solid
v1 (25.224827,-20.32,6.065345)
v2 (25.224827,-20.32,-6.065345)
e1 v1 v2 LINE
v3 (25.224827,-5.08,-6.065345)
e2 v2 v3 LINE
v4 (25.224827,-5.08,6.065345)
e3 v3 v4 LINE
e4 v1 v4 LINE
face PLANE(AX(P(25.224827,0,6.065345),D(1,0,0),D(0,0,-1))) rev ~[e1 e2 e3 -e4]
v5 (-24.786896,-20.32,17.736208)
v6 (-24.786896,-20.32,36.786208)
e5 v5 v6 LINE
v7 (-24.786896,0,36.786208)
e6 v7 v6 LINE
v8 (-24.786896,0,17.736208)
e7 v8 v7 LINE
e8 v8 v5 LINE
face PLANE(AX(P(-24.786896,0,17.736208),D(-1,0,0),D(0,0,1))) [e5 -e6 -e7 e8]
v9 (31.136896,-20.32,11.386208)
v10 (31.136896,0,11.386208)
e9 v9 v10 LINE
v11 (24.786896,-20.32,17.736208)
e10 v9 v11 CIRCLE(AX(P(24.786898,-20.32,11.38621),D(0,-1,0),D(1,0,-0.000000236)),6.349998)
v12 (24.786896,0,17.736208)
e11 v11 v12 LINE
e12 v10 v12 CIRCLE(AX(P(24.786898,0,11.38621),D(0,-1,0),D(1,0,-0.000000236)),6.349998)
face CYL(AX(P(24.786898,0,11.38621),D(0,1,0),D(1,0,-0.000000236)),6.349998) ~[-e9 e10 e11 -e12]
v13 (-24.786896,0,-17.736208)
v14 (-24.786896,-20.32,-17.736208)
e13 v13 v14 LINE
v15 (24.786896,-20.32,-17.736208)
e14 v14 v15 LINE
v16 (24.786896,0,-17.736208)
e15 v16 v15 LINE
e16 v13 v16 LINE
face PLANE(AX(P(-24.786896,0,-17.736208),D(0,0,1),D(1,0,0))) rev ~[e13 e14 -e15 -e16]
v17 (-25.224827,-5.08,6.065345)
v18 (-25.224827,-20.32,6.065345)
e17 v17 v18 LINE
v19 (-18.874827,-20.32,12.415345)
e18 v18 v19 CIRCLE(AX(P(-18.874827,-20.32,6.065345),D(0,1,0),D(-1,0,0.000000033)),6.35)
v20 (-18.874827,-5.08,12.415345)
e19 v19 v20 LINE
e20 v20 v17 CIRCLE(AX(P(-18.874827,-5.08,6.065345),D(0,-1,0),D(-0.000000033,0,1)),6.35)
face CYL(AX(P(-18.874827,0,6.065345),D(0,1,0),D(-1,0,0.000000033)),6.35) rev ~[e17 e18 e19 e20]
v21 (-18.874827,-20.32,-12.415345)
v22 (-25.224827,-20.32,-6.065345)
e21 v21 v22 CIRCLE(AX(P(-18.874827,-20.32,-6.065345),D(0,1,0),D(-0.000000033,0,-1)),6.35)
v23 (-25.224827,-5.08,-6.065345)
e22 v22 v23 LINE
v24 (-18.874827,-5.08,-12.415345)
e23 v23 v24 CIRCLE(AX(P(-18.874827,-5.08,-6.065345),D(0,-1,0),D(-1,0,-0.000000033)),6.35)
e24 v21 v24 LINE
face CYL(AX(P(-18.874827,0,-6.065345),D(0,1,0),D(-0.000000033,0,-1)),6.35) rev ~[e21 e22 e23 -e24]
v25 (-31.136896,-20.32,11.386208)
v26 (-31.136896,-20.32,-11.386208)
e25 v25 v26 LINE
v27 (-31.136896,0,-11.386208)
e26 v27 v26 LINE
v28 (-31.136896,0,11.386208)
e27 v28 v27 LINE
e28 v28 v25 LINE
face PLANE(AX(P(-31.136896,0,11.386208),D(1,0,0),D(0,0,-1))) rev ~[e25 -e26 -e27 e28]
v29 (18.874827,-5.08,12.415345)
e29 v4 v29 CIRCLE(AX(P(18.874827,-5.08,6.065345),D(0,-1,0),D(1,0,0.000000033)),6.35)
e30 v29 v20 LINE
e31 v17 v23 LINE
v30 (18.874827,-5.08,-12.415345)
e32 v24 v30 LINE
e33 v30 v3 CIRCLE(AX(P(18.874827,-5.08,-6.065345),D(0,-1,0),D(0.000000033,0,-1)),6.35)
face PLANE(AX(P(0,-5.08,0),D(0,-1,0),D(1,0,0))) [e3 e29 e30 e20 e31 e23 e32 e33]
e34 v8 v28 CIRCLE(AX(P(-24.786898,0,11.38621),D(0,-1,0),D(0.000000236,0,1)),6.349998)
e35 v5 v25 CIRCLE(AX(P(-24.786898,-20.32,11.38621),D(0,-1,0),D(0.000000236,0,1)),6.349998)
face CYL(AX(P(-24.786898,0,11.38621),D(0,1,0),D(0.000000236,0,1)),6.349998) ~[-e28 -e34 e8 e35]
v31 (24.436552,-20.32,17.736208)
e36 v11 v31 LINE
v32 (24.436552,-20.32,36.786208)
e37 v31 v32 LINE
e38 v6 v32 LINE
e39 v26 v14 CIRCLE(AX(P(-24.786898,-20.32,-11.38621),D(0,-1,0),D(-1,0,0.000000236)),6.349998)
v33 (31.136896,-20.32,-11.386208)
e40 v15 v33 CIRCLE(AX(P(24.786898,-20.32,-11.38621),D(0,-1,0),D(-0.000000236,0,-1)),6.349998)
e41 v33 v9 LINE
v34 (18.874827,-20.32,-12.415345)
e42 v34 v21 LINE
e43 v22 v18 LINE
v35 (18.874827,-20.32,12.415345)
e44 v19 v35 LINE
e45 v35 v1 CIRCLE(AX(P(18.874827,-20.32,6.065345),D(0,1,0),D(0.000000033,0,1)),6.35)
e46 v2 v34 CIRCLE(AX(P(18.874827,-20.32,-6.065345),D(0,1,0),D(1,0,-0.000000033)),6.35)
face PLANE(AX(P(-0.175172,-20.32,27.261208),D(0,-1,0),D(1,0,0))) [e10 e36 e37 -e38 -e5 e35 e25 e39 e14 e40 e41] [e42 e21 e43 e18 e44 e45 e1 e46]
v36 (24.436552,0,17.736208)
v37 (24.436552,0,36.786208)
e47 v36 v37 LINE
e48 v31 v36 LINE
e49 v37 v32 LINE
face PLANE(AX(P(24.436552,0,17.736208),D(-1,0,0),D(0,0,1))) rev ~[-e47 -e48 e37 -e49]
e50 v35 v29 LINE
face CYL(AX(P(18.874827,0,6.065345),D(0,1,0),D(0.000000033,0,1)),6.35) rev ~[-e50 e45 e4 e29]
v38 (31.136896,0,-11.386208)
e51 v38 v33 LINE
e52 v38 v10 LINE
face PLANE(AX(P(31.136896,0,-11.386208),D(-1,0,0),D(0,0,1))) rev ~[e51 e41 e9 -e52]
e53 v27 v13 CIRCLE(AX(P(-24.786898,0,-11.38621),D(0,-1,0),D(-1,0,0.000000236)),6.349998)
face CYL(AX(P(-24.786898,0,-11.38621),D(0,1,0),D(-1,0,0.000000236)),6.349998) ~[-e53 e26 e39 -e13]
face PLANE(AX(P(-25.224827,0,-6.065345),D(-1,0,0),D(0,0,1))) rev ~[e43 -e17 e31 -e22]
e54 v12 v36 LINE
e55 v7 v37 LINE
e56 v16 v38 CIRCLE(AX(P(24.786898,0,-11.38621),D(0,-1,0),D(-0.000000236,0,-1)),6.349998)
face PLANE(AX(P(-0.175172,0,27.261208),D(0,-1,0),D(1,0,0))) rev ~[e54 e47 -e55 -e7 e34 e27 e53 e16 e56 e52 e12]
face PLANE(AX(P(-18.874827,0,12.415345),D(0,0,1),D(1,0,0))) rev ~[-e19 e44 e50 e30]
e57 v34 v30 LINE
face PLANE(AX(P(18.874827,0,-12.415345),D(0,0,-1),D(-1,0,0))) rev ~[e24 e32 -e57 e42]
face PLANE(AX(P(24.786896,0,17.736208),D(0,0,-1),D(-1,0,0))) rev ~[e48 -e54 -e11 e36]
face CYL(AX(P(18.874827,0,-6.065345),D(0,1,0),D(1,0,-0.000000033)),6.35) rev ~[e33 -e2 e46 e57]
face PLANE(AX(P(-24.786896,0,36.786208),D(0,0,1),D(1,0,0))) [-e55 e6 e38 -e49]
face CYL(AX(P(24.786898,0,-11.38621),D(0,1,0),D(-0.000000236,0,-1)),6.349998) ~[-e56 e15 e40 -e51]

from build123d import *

# Parameters (mm, degrees)
F1_DEPTH = 19.05
F2_DEPTH = 5.08
F0_W     = 49.223448
F0_H     = 19.05
F3_DEPTH = 20.32


with BuildPart() as f1:
    # F0 (on Front) → F1 (new body)
    with BuildSketch(Plane.XZ):
        with BuildLine():
            Line((24.436552, 17.736208), (-24.786896, 17.736208))
            ThreePointArc((-24.786896, 17.736208), (-29.277025, 15.876336), (-31.136896, 11.386208))
            Line((-31.136896, 11.386208), (-31.136896, -11.386208))
            ThreePointArc((-31.136896, -11.386208), (-29.277025, -15.876336), (-24.786896, -17.736208))
            Line((-24.786896, -17.736208), (24.786896, -17.736208))
            ThreePointArc((24.786896, -17.736208), (29.277025, -15.876336), (31.136896, -11.386208))
            Line((31.136896, -11.386208), (31.136896, 11.386208))
            ThreePointArc((31.136896, 11.386208), (29.277025, 15.876336), (24.786896, 17.736208))
            Line((24.786896, 17.736208), (24.436552, 17.736208))
        make_face()
        with BuildLine():
            ThreePointArc((-25.224827, 6.065345), (-23.364955, 10.555473), (-18.874827, 12.415345))
            Line((-18.874827, 12.415345), (18.874827, 12.415345))
            ThreePointArc((18.874827, 12.415345), (23.364955, 10.555473), (25.224827, 6.065345))
            Line((25.224827, 6.065345), (25.224827, -6.065345))
            ThreePointArc((25.224827, -6.065345), (23.364955, -10.555473), (18.874827, -12.415345))
            Line((18.874827, -12.415345), (-18.874827, -12.415345))
            ThreePointArc((-18.874827, -12.415345), (-23.364955, -10.555473), (-25.224827, -6.065345))
            Line((-25.224827, -6.065345), (-25.224827, 6.065345))
        make_face(mode=Mode.SUBTRACT)
    extrude(amount=F1_DEPTH)

    # F0 (on Front) → F2 (join)
    with BuildSketch(Plane.XZ):
        with BuildLine():
            Line((18.874827, 12.415345), (-18.874827, 12.415345))
            ThreePointArc((-18.874827, 12.415345), (-23.364955, 10.555473), (-25.224827, 6.065345))
            Line((-25.224827, 6.065345), (-25.224827, -6.065345))
            ThreePointArc((-25.224827, -6.065345), (-23.364955, -10.555473), (-18.874827, -12.415345))
            Line((-18.874827, -12.415345), (18.874827, -12.415345))
            ThreePointArc((18.874827, -12.415345), (23.364955, -10.555473), (25.224827, -6.065345))
            Line((25.224827, -6.065345), (25.224827, 6.065345))
            ThreePointArc((25.224827, 6.065345), (23.364955, 10.555473), (18.874827, 12.415345))
        make_face()
    extrude(amount=F2_DEPTH)

    # F0 (on Front) → F3 (join)
    with BuildSketch(Plane.XZ):
        with Locations((-0.175172, 27.261208)):
            Rectangle(F0_W, F0_H)
        with BuildLine():
            Line((24.436552, 17.736208), (-24.786896, 17.736208))
            ThreePointArc((-24.786896, 17.736208), (-29.277025, 15.876336), (-31.136896, 11.386208))
            Line((-31.136896, 11.386208), (-31.136896, -11.386208))
            ThreePointArc((-31.136896, -11.386208), (-29.277025, -15.876336), (-24.786896, -17.736208))
            Line((-24.786896, -17.736208), (24.786896, -17.736208))
            ThreePointArc((24.786896, -17.736208), (29.277025, -15.876336), (31.136896, -11.386208))
            Line((31.136896, -11.386208), (31.136896, 11.386208))
            ThreePointArc((31.136896, 11.386208), (29.277025, 15.876336), (24.786896, 17.736208))
            Line((24.786896, 17.736208), (24.436552, 17.736208))
        make_face()
        with BuildLine():
            ThreePointArc((-25.224827, 6.065345), (-23.364955, 10.555473), (-18.874827, 12.415345))
            Line((-18.874827, 12.415345), (18.874827, 12.415345))
            ThreePointArc((18.874827, 12.415345), (23.364955, 10.555473), (25.224827, 6.065345))
            Line((25.224827, 6.065345), (25.224827, -6.065345))
            ThreePointArc((25.224827, -6.065345), (23.364955, -10.555473), (18.874827, -12.415345))
            Line((18.874827, -12.415345), (-18.874827, -12.415345))
            ThreePointArc((-18.874827, -12.415345), (-23.364955, -10.555473), (-25.224827, -6.065345))
            Line((-25.224827, -6.065345), (-25.224827, 6.065345))
        make_face(mode=Mode.SUBTRACT)
    extrude(amount=F3_DEPTH)


solid = f1.part
